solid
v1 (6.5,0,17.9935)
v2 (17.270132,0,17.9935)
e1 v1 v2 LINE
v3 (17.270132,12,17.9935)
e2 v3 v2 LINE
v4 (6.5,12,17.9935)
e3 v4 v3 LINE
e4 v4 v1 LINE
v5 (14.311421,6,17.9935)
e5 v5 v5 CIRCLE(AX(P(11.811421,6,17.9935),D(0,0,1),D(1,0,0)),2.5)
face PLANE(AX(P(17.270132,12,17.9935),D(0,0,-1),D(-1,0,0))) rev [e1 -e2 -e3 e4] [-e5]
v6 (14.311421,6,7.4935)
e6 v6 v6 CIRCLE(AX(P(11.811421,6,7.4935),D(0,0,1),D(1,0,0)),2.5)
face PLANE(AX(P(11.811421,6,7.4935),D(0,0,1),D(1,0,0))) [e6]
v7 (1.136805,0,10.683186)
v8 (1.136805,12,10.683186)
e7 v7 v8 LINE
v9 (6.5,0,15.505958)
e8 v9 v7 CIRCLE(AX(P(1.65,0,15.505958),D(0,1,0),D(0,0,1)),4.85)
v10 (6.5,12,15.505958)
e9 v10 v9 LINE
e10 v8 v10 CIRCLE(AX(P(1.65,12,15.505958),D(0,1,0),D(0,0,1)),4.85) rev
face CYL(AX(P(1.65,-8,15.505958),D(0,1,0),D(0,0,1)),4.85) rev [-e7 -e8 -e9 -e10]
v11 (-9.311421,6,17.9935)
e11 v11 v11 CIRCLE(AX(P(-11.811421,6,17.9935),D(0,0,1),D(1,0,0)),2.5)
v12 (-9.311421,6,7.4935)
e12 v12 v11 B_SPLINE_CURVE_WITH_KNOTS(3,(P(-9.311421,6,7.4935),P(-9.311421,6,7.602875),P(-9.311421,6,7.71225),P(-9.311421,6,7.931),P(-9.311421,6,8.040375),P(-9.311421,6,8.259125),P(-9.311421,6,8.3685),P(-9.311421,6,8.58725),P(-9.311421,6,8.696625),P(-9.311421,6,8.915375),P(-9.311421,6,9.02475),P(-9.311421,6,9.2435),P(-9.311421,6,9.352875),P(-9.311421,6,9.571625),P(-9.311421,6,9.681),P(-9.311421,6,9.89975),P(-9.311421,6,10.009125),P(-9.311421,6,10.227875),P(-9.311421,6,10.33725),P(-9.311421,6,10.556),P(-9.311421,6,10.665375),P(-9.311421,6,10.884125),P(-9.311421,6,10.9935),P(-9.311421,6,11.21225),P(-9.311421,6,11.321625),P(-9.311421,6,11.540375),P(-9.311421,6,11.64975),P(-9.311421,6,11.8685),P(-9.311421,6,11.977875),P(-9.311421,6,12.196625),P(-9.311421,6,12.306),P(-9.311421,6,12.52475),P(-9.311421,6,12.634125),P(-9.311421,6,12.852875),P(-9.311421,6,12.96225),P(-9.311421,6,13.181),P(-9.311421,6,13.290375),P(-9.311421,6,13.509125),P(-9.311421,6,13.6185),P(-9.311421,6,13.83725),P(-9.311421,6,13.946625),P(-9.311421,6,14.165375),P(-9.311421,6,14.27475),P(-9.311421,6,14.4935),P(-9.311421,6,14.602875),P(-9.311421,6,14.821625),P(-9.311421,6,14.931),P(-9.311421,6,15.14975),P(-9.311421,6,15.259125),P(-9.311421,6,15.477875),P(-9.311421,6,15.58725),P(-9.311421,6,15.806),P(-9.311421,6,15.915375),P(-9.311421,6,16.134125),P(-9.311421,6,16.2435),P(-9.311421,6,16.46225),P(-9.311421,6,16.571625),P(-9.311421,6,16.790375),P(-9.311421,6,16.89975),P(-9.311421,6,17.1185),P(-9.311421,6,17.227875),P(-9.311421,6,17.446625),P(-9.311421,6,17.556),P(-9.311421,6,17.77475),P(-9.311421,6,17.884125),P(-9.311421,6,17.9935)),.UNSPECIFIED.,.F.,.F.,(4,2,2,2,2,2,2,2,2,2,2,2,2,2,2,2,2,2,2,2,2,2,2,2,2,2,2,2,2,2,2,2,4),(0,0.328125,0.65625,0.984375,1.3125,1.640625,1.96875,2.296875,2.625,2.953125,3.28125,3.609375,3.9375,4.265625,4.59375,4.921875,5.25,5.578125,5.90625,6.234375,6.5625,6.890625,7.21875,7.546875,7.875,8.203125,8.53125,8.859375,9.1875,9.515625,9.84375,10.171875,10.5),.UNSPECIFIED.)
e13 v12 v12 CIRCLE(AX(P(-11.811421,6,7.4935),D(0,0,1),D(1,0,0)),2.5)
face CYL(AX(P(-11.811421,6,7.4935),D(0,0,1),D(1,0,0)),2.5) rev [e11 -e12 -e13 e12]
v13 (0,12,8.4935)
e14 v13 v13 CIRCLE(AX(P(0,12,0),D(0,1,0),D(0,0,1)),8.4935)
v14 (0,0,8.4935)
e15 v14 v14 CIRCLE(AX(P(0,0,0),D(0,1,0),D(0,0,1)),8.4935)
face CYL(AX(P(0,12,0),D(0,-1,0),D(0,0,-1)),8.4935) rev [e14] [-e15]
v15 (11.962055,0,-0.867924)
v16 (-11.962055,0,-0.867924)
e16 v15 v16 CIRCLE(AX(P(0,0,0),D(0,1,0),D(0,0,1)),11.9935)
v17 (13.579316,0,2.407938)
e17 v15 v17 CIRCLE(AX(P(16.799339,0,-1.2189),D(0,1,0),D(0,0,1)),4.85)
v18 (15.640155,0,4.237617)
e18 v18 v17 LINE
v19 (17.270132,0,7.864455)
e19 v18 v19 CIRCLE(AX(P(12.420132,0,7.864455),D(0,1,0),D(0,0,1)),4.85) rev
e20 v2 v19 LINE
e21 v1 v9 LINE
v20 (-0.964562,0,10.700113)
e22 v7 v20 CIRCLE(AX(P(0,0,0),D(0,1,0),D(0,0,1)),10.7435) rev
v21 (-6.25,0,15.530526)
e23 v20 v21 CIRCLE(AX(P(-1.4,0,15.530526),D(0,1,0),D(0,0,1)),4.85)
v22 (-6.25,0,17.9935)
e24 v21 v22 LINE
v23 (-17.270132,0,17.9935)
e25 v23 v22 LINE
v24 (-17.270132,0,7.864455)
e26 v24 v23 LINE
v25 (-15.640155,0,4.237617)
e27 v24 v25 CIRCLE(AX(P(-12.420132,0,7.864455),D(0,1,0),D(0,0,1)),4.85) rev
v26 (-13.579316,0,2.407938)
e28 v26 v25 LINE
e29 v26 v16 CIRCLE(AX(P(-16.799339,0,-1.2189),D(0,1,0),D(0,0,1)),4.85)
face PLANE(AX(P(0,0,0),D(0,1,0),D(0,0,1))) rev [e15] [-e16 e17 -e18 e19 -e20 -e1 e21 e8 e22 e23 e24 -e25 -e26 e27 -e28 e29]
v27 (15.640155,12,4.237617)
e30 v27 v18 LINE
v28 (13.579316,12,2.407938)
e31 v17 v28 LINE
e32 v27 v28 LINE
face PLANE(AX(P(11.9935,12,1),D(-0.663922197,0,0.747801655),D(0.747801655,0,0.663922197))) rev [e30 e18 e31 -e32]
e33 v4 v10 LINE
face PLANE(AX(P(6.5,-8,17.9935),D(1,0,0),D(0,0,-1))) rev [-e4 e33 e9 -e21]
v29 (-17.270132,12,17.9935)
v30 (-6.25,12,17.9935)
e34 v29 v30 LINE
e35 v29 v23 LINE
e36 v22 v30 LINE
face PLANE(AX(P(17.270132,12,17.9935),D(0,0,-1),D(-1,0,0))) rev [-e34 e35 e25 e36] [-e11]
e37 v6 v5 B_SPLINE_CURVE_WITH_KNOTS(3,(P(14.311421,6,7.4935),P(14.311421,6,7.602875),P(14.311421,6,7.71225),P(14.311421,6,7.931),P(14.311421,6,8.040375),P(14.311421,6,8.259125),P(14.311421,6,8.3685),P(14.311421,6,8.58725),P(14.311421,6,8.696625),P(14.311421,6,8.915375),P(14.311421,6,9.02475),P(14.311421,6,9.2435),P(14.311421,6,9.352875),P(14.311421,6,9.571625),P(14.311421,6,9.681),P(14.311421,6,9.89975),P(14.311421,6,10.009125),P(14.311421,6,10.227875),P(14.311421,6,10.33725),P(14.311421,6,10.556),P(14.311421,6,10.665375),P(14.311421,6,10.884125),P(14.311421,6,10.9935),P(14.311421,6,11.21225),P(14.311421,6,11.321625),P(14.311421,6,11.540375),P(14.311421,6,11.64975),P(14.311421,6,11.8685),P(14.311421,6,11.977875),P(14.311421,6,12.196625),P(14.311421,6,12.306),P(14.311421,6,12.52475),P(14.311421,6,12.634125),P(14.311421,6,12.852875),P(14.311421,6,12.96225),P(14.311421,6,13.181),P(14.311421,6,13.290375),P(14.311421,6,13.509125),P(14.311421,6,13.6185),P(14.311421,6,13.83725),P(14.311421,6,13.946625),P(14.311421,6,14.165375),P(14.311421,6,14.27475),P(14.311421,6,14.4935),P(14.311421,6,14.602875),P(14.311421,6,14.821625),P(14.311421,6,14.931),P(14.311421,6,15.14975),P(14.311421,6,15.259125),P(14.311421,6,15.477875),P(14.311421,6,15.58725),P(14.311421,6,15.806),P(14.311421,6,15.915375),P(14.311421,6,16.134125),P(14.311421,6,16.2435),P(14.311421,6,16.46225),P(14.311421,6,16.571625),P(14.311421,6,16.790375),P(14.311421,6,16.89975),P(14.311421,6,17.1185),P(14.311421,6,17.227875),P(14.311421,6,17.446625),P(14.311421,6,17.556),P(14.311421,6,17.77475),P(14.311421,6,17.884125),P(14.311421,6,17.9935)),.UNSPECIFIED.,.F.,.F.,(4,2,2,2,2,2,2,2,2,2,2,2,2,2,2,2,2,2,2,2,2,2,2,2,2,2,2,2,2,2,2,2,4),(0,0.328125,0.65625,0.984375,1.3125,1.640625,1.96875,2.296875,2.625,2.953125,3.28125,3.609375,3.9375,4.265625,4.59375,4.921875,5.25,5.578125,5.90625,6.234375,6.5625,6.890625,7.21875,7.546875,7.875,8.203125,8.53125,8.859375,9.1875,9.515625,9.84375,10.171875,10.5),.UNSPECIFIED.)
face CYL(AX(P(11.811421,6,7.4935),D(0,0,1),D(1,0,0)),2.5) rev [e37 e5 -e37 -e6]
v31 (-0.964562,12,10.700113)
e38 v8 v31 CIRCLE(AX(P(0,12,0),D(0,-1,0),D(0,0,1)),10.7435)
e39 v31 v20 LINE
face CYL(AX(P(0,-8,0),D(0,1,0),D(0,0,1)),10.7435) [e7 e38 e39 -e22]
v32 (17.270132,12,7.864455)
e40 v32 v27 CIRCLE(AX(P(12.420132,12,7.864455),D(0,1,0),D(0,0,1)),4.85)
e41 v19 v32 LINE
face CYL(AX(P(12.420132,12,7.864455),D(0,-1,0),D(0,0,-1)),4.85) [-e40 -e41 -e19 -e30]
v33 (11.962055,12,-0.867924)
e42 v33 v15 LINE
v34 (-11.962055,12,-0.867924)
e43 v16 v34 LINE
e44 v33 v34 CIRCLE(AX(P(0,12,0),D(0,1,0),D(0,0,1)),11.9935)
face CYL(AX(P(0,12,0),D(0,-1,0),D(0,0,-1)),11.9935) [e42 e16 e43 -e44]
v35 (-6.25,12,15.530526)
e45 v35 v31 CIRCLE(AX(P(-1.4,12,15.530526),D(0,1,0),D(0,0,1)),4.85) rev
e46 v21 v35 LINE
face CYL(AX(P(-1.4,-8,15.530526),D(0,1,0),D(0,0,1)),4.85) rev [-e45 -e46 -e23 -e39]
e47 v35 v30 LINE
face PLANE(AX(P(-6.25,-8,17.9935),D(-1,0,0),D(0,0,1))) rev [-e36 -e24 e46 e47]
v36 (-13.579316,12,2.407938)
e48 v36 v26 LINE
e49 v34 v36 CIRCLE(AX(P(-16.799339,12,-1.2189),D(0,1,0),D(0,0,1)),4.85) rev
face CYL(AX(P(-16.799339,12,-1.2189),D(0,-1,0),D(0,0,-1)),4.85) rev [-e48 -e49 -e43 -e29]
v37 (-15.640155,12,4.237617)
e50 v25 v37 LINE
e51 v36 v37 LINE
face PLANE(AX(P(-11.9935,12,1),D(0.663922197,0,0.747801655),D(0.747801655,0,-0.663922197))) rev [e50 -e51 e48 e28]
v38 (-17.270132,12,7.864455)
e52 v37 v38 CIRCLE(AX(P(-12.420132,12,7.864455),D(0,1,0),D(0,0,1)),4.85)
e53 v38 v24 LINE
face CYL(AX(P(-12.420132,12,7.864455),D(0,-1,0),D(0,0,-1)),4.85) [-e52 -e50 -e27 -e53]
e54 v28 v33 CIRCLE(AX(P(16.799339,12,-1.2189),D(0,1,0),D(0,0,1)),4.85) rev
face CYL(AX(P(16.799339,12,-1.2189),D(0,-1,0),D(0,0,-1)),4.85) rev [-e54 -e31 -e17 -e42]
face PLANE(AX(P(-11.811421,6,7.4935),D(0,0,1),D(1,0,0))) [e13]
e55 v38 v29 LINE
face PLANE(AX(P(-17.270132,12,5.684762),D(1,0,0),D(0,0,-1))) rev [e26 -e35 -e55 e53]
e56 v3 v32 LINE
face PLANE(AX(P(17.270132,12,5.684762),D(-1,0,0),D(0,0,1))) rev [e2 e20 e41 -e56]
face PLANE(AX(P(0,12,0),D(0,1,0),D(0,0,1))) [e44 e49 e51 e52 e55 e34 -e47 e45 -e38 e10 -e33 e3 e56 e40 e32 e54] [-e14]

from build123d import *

# Parameters (mm, degrees)
SKETCH1_R           = 8.4935
BOSS_EXTRUDE1_DEPTH = 12
SKETCH2_R           = 2.5
CUT_EXTRUDE1_DEPTH  = 10.5
CUT_EXTRUDE2_DEPTH  = 20
FILLET1_R           = 4.85


with BuildPart() as part:
    # Sketch1 → Boss-Extrude1 (new body)
    with BuildSketch(Plane(origin=(0, 0, 0), x_dir=(1, 0, 0), z_dir=(0, 1, 0))):
        with BuildLine():
            Line((-11.9935, 0), (-11.9935, -1))
            Line((-11.9935, -1), (-17.270132019, -5.684762464))
            Line((-17.270132019, -5.684762464), (-17.270132019, -17.9935))
            Line((-17.270132019, -17.9935), (-16, -17.9935))
            Line((-16, -17.9935), (16, -17.9935))
            Line((16, -17.9935), (17.270132019, -17.9935))
            Line((17.270132019, -17.9935), (17.270132019, -5.684762464))
            Line((17.270132019, -5.684762464), (11.9935, -1))
            Line((11.9935, -1), (11.9935, 0))
            ThreePointArc((11.9935, 0), (0, 11.9935), (-11.9935, 0))
        make_face()
        with Locations(Location((0, 0, 0), (0, 0, 270))):
            Circle(SKETCH1_R, mode=Mode.SUBTRACT)
    extrude(amount=BOSS_EXTRUDE1_DEPTH)

    # Sketch2 → Cut-Extrude1 (cut)
    with BuildSketch(Plane.XY.offset(17.9935)):
        with Locations((-11.811421167, 6)):
            Circle(SKETCH2_R)
        with Locations((11.811421167, 6)):
            Circle(SKETCH2_R)
    extrude(amount=-CUT_EXTRUDE1_DEPTH, mode=Mode.SUBTRACT)

    # Sketch3 → Cut-Extrude2 (cut)
    with BuildSketch(Plane(origin=(0, 12, 0), x_dir=(1, 0, 0), z_dir=(0, 1, 0))):
        with BuildLine():
            Line((-6.25, -17.9935), (-6.25, -8.738437632))
            ThreePointArc((-6.25, -8.738437632), (0.155303572, -10.742377439), (6.5, -8.55410967))
            Line((6.5, -8.55410967), (6.5, -17.9935))
            Line((6.5, -17.9935), (-6.25, -17.9935))
        make_face()
    extrude(amount=-CUT_EXTRUDE2_DEPTH, mode=Mode.SUBTRACT)

    # Fillet1
    fillet1_edges = [part.edges().sort_by_distance(p)[0] for p in [
        (6.5, 6, 8.55410967),
        (-6.25, 6, 8.738437632),
        (-17.270132019, 6, 5.684762464),
        (-11.9935, 6, 1),
        (11.9935, 6, 1),
        (17.270132019, 6, 5.684762464),
    ]]
    fillet(fillet1_edges, radius=FILLET1_R)


solid = part.part
